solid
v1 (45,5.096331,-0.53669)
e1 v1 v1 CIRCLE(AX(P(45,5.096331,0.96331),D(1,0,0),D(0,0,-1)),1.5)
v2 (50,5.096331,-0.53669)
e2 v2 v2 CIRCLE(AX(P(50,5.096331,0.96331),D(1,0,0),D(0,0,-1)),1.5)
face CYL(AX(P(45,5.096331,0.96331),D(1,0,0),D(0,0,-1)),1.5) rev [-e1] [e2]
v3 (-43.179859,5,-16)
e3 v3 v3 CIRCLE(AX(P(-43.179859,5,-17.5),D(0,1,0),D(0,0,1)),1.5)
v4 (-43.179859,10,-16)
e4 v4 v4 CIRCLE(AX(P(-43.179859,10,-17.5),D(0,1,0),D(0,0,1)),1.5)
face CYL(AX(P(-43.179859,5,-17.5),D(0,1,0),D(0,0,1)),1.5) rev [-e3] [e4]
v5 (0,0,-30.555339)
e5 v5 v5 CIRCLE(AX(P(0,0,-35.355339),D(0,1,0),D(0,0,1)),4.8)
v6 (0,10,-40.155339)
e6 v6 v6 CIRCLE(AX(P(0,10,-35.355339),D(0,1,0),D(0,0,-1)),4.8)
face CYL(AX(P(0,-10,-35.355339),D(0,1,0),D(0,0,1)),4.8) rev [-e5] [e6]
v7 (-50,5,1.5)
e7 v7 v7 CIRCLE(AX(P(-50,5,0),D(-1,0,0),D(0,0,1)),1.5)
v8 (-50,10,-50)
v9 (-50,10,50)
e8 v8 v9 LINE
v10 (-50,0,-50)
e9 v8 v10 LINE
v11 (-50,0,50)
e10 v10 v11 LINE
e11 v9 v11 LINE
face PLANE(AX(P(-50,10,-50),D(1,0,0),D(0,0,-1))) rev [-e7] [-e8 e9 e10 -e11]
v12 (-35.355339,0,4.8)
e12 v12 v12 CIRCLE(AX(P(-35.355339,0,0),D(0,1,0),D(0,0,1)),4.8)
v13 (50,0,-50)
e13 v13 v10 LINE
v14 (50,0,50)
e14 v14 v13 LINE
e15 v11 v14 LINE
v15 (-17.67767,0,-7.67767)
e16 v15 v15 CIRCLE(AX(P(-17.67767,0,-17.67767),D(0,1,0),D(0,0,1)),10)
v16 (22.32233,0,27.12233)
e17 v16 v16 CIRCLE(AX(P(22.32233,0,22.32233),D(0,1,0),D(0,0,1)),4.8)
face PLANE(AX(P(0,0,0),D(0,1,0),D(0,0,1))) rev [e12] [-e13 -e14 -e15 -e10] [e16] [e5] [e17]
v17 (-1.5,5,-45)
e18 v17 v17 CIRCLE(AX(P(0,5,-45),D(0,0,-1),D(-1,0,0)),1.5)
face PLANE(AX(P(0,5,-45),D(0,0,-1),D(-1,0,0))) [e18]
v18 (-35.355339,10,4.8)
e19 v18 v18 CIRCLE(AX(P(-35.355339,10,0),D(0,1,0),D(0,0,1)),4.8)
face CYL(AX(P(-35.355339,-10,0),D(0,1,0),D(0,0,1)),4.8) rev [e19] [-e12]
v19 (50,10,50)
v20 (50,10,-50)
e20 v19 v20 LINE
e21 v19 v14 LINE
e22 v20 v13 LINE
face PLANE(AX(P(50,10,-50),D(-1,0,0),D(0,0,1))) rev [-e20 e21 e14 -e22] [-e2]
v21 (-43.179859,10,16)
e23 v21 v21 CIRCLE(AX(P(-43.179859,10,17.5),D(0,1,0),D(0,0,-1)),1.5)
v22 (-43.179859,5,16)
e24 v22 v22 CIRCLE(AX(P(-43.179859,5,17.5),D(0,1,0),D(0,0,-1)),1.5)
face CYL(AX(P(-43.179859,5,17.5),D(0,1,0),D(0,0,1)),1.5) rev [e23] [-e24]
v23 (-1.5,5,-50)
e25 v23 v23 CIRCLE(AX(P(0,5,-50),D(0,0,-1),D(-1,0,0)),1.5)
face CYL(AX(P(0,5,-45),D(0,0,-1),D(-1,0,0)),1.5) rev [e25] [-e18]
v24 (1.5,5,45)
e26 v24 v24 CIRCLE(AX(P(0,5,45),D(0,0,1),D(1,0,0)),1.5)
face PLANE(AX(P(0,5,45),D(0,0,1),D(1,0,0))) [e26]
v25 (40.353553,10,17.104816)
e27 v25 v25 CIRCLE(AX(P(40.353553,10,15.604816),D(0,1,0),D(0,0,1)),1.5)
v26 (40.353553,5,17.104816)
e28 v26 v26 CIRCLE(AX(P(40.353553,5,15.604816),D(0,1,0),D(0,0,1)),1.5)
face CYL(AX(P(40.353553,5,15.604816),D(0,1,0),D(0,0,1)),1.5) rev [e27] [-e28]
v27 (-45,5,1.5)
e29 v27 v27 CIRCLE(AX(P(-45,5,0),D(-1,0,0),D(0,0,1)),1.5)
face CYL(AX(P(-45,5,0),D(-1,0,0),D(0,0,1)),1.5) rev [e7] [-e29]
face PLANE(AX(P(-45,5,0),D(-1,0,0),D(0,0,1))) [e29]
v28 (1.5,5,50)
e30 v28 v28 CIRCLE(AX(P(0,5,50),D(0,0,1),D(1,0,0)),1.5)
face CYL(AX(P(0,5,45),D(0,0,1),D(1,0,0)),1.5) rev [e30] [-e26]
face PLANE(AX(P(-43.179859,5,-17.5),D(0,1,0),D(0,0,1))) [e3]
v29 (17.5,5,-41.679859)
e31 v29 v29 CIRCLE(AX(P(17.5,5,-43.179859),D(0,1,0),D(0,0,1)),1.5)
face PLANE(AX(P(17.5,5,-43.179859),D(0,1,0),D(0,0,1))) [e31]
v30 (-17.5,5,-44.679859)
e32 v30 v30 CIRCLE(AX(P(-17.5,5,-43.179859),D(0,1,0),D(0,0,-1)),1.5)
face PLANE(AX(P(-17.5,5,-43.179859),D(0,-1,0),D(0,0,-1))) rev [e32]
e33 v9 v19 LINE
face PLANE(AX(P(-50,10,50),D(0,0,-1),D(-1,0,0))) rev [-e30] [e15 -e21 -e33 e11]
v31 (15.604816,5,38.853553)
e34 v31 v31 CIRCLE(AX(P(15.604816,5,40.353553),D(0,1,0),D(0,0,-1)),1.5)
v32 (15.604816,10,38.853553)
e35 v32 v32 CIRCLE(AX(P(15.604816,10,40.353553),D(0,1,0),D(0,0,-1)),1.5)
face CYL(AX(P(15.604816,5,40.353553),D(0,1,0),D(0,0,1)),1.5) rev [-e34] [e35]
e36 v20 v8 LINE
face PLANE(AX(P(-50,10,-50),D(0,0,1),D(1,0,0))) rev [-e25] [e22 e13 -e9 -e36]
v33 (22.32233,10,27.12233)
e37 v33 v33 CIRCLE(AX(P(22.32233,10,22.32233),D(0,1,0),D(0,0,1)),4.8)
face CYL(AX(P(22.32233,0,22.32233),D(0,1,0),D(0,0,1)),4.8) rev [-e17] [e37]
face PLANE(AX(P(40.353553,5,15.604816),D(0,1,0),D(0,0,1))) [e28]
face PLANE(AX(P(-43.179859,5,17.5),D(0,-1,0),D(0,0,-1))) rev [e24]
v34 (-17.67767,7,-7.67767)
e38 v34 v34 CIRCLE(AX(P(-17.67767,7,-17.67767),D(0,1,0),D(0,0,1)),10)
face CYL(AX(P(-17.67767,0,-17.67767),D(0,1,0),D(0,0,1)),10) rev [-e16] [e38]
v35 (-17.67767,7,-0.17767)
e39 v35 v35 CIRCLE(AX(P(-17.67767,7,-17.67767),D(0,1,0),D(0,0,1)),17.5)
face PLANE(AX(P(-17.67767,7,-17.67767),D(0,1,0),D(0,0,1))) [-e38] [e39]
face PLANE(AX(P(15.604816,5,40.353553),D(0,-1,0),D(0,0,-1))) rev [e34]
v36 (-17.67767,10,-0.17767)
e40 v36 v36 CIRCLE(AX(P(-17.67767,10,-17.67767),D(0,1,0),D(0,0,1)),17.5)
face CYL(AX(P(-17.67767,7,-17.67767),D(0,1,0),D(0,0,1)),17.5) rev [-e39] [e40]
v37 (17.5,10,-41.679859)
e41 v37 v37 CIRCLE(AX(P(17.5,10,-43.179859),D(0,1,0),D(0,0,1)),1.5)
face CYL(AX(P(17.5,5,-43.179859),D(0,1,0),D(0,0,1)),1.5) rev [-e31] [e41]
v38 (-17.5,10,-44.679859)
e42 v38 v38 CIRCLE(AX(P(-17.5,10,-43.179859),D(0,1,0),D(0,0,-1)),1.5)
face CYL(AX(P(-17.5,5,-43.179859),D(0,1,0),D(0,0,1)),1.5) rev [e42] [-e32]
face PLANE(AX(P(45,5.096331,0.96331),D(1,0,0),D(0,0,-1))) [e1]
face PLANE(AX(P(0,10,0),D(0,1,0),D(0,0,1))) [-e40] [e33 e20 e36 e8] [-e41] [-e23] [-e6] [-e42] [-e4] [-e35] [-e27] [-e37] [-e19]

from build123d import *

# Parameters (mm, degrees)
SKETCH1_W           = 100
SKETCH1_H           = 100
BOSS_EXTRUDE1_DEPTH = 10
SKETCH2_R           = 17.5
CUT_EXTRUDE1_DEPTH  = 3
SKETCH4_R           = 10
CUT_EXTRUDE2_DEPTH  = 7
SKETCH5_R           = 4.8
CUT_EXTRUDE3_DEPTH  = 20
SKETCH6_R           = 1.5
CUT_EXTRUDE4_DEPTH  = 5
SKETCH7_R           = 4.8
CUT_EXTRUDE5_DEPTH  = 10
SKETCH8_R           = 1.5
CUT_EXTRUDE6_DEPTH  = 5
SKETCH9_R           = 1.5
CUT_EXTRUDE7_DEPTH  = 5
SKETCH10_R          = 1.5
CUT_EXTRUDE8_DEPTH  = 5
SKETCH11_R          = 1.5
CUT_EXTRUDE9_DEPTH  = 5
CUT_EXTRUDE10_START = -5
SKETCH12_R          = 1.5
CUT_EXTRUDE10_DEPTH = 5


with BuildPart() as part:
    # Sketch1 → Boss-Extrude1 (new body)
    with BuildSketch(Plane(origin=(0, 0, 0), x_dir=(1, 0, 0), z_dir=(0, 1, 0))):
        Rectangle(SKETCH1_W, SKETCH1_H)
    extrude(amount=BOSS_EXTRUDE1_DEPTH)

    # Sketch2 → Cut-Extrude1 (cut)
    with BuildSketch(Plane(origin=(0, 10, 0), x_dir=(1, 0, 0), z_dir=(0, 1, 0))):
        with Locations(Location((-17.67766953, 17.67766953, 0), (0, 0, 270))):
            Circle(SKETCH2_R)
    extrude(amount=-CUT_EXTRUDE1_DEPTH, mode=Mode.SUBTRACT)

    # Sketch4 → Cut-Extrude2 (cut)
    with BuildSketch(Plane(origin=(0, 7, 0), x_dir=(1, 0, 0), z_dir=(0, 1, 0))):
        with Locations(Location((-17.67766953, 17.67766953, 0), (0, 0, 270))):
            Circle(SKETCH4_R)
    extrude(amount=-CUT_EXTRUDE2_DEPTH, mode=Mode.SUBTRACT)

    # Sketch5 → Cut-Extrude3 (cut)
    with BuildSketch(Plane(origin=(0, 10, 0), x_dir=(1, 0, 0), z_dir=(0, 1, 0))):
        with Locations(Location((-35.355339059, 0, 0), (0, 0, 270))):
            Circle(SKETCH5_R)
        with Locations(Location((0, 35.355339059, 0), (0, 0, 270))):
            Circle(SKETCH5_R)
    extrude(amount=-CUT_EXTRUDE3_DEPTH, mode=Mode.SUBTRACT)

    # Sketch6 → Cut-Extrude4 (cut)
    with BuildSketch(Plane(origin=(0, 10, 0), x_dir=(1, 0, 0), z_dir=(0, 1, 0))):
        with Locations(Location((-43.179859239, 17.5, 0), (0, 0, 270))):
            Circle(SKETCH6_R)
        with Locations(Location((-43.179859239, -17.5, 0), (0, 0, 90))):
            Circle(SKETCH6_R)
        with Locations(Location((17.5, 43.179859239, 0), (0, 0, 270))):
            Circle(SKETCH6_R)
        with Locations(Location((-17.5, 43.179859239, 0), (0, 0, 90))):
            Circle(SKETCH6_R)
    extrude(amount=-CUT_EXTRUDE4_DEPTH, mode=Mode.SUBTRACT)

    # Sketch7 → Cut-Extrude5 (cut)
    with BuildSketch(Plane(origin=(0, 10, 0), x_dir=(1, 0, 0), z_dir=(0, 1, 0))):
        with Locations(Location((22.32233047, -22.32233047, 0), (0, 0, 270))):
            Circle(SKETCH7_R)
    extrude(amount=-CUT_EXTRUDE5_DEPTH, mode=Mode.SUBTRACT)

    # Sketch8 → Cut-Extrude6 (cut)
    with BuildSketch(Plane(origin=(0, 10, 0), x_dir=(1, 0, 0), z_dir=(0, 1, 0))):
        with Locations(Location((40.353553391, -15.604816049, 0), (0, 0, 270))):
            Circle(SKETCH8_R)
        with Locations(Location((15.604816049, -40.353553391, 0), (0, 0, 90))):
            Circle(SKETCH8_R)
    extrude(amount=-CUT_EXTRUDE6_DEPTH, mode=Mode.SUBTRACT)

    # Sketch9 → Cut-Extrude7 (cut)
    with BuildSketch(Plane(origin=(50, 0, 0), x_dir=(0, 0, -1), z_dir=(1, 0, 0))):
        with Locations((-0.963309919, 5.096330992)):
            Circle(SKETCH9_R)
    extrude(amount=-CUT_EXTRUDE7_DEPTH, mode=Mode.SUBTRACT)

    # Sketch10 → Cut-Extrude8 (cut)
    with BuildSketch(Plane(origin=(0, 0, -50), x_dir=(-1, 0, 0), z_dir=(0, 0, -1))):
        with Locations((0, 5)):
            Circle(SKETCH10_R)
    extrude(amount=-CUT_EXTRUDE8_DEPTH, mode=Mode.SUBTRACT)

    # Sketch11 → Cut-Extrude9 (cut)
    with BuildSketch(Plane.ZY.offset(50)):
        with Locations((0, 5)):
            Circle(SKETCH11_R)
    extrude(amount=-CUT_EXTRUDE9_DEPTH, mode=Mode.SUBTRACT)

    # Sketch12 → Cut-Extrude10 (cut)
    with BuildSketch(Plane.XY.offset(50).offset(CUT_EXTRUDE10_START)):
        with Locations(Location((0, 5, 0), (0, 0, 180))):
            Circle(SKETCH12_R)
    extrude(amount=CUT_EXTRUDE10_DEPTH, mode=Mode.SUBTRACT)


solid = part.part
